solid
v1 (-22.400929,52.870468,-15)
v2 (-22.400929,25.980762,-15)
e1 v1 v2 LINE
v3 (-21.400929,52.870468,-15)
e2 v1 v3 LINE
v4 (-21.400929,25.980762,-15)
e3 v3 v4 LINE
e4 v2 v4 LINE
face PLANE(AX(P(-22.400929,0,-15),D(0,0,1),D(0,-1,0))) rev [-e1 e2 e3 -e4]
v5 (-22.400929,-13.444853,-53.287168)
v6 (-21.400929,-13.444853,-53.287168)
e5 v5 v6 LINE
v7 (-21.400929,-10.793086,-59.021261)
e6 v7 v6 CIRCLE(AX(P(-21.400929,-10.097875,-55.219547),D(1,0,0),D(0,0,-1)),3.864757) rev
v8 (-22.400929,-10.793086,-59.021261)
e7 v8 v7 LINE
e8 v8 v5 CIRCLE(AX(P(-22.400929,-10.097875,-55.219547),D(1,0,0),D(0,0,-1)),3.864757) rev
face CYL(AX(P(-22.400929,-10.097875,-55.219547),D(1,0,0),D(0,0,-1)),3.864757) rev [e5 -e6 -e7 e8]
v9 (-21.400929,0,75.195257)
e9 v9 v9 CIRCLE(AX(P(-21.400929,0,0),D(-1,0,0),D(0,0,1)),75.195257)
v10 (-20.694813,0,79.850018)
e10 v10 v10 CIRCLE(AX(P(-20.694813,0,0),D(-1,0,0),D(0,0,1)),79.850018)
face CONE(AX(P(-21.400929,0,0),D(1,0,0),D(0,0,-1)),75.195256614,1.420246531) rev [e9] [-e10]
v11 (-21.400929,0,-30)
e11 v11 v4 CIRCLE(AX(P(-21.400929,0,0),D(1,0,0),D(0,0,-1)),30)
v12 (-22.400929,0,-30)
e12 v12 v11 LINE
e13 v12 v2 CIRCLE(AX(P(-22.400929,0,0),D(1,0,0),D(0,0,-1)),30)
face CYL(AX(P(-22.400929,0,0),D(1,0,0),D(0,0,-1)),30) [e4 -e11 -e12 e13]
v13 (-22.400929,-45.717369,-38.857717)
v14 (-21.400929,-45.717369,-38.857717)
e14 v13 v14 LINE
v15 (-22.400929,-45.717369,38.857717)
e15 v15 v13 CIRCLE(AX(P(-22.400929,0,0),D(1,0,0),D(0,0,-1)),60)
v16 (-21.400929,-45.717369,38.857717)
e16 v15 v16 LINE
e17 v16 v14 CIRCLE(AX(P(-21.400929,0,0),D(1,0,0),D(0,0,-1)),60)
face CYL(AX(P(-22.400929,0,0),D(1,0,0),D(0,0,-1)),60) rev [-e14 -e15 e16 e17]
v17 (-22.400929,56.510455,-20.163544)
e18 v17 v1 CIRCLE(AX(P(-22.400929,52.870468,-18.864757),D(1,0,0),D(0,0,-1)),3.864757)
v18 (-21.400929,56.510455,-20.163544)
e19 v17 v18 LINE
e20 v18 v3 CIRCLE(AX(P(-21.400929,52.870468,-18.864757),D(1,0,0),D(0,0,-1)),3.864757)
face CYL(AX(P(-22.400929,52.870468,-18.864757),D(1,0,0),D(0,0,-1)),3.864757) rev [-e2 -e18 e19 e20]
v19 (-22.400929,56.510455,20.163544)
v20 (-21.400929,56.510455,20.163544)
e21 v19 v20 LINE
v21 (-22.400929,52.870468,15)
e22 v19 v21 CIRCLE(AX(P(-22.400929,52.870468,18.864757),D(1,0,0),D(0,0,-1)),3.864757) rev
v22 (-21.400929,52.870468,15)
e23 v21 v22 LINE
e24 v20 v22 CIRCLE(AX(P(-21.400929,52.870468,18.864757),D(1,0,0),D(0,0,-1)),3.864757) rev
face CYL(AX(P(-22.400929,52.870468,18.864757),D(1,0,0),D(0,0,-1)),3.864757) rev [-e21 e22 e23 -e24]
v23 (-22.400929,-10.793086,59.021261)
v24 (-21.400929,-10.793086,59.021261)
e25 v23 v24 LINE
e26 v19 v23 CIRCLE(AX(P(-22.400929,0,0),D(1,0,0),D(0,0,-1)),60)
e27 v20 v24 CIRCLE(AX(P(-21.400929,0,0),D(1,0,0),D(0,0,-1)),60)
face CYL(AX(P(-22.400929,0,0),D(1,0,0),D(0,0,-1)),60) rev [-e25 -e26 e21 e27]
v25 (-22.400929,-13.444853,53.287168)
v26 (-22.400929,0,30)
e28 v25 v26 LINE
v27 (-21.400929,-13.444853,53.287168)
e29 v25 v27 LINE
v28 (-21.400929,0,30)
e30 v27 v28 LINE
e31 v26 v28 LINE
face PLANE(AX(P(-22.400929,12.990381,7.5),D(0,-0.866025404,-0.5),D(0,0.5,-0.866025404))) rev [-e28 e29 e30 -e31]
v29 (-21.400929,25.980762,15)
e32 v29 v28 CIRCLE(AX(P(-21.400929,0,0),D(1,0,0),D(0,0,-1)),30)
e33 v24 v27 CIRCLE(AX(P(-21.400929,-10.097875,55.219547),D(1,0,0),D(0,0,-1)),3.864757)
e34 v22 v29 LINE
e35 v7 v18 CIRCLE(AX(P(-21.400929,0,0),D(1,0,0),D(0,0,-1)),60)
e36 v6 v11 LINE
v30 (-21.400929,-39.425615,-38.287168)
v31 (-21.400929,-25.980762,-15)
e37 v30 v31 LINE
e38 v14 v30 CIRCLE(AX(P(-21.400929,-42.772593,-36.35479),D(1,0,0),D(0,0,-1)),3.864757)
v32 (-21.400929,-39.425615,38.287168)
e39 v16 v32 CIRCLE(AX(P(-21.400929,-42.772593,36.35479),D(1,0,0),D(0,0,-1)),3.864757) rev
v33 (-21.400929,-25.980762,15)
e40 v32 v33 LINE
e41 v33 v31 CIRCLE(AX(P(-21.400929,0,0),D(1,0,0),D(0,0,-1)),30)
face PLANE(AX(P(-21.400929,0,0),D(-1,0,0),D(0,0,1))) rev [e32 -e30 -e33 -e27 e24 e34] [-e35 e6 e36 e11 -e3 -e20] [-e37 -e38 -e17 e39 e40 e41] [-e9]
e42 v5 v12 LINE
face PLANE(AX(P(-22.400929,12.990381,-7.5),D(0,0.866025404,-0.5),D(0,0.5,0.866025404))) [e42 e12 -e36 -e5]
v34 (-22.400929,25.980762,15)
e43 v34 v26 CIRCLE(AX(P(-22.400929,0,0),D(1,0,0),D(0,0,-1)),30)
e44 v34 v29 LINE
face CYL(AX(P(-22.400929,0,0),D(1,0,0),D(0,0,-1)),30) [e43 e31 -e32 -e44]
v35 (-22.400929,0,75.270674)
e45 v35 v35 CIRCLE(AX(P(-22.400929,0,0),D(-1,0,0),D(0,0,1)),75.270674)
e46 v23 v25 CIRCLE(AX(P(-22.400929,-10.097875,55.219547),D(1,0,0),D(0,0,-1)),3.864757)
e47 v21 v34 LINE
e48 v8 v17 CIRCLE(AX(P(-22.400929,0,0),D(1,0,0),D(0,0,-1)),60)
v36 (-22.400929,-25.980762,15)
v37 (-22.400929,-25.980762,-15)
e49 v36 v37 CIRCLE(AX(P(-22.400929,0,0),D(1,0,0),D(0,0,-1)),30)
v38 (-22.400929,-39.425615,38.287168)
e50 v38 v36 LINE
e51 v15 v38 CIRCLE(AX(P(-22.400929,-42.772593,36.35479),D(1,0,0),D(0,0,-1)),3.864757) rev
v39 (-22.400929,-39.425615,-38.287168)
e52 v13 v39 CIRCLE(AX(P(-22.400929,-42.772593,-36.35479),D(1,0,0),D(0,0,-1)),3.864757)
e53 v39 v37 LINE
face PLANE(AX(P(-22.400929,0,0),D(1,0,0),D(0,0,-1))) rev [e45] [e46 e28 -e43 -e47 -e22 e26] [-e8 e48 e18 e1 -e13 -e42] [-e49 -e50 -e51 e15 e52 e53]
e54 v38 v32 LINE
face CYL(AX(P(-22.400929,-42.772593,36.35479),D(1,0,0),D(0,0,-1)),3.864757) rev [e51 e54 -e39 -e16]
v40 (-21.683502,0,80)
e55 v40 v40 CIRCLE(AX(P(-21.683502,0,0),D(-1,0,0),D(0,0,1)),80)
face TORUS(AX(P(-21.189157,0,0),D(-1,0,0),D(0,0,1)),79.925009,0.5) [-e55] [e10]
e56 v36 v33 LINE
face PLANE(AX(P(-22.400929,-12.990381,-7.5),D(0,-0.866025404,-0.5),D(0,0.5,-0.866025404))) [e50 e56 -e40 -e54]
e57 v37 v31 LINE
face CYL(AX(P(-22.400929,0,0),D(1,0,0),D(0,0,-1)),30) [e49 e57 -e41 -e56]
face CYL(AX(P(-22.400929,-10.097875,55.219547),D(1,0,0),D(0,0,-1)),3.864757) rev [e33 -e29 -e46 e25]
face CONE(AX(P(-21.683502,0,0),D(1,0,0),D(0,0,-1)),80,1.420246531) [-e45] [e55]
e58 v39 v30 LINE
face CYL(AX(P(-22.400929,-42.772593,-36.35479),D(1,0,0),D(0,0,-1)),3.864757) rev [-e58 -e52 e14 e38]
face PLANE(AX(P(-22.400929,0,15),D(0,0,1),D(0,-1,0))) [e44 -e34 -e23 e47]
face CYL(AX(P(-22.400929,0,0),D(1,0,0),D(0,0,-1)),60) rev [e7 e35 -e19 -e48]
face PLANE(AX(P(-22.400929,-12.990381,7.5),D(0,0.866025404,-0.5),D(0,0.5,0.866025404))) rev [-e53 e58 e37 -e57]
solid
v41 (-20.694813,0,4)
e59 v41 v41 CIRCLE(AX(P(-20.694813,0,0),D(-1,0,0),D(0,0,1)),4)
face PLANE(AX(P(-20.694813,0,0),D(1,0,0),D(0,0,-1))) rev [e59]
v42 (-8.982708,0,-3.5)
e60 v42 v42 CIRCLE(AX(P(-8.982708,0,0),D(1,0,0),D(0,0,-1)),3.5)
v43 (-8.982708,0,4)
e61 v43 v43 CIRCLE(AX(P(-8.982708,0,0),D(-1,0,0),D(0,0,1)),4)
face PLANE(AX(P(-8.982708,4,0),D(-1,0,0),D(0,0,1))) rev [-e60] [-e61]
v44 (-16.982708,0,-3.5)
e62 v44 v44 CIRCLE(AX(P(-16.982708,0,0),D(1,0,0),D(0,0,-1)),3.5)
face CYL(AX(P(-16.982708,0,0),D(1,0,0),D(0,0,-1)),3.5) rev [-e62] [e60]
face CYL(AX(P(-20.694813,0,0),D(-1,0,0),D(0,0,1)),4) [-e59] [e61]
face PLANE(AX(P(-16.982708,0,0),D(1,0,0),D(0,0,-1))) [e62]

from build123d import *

# Parameters (mm, degrees)
CUT_EXTRUDE1_DEPTH = 114.74253479
SKETCH5_R          = 3.5
CUT_EXTRUDE2_DEPTH = 8


with BuildPart() as part:
    # Sketch1 → Revolve1 (revolve)
    with BuildSketch(Plane.XY, mode=Mode.PRIVATE) as revolve1_sk:
        with BuildLine():
            Line((-22.400929177, 0), (-22.400929177, 75.270674012))
            Line((-22.400929177, 75.270674012), (-21.683501684, 80))
            ThreePointArc((-21.683501684, 80), (-21.114166433, 80.419353518), (-20.694812916, 79.850018268))
            Line((-20.694812916, 79.850018268), (-21.400929177, 75.195256614))
            Line((-21.400929177, 75.195256614), (-21.400929177, 0))
            Line((-21.400929177, 0), (-22.400929177, 0))
        make_face()
    revolve(revolve1_sk.sketch.rotate(Axis((-22.400929177, 0, 0), (1, 0, 0)), 90), axis=Axis((-22.400929177, 0, 0), (1, 0, 0)))

    # Sketch2 → Cut-Extrude1 (cut, through all)
    with BuildSketch(Plane(origin=(-21.400929177, 0, 0), x_dir=(0, 0, -1), z_dir=(1, 0, 0))):
        with BuildLine():
            Line((-15, 25.980762114), (-15, 52.870468111))
            ThreePointArc((-15, 52.870468111), (-16.638004811, 56.029253081), (-20.163544097, 56.510454692))
            ThreePointArc((-20.163544097, 56.510454692), (-51.961524227, 30), (-59.021261391, -10.793085928))
            ThreePointArc((-59.021261391, -10.793085928), (-56.841758929, -13.605691706), (-53.287168494, -13.444852999))
            Line((-53.287168494, -13.444852999), (-30, 0))
            ThreePointArc((-30, 0), (-25.980762114, 15), (-15, 25.980762114))
        make_face()
        with BuildLine():
            ThreePointArc((15, -25.980762114), (0, -30), (-15, -25.980762114))
            Line((-15, -25.980762114), (-38.287168494, -39.425615112))
            ThreePointArc((-38.287168494, -39.425615112), (-40.203754118, -42.423561375), (-38.857717294, -45.717368764))
            ThreePointArc((-38.857717294, -45.717368764), (0, -60), (38.857717294, -45.717368764))
            ThreePointArc((38.857717294, -45.717368764), (40.203754118, -42.423561375), (38.287168494, -39.425615112))
            Line((38.287168494, -39.425615112), (15, -25.980762114))
        make_face()
        with BuildLine():
            Line((15, 52.870468111), (15, 25.980762114))
            ThreePointArc((15, 25.980762114), (25.980762114, 15), (30, 0))
            Line((30, 0), (53.287168494, -13.444852999))
            ThreePointArc((53.287168494, -13.444852999), (56.841758929, -13.605691706), (59.021261391, -10.793085928))
            ThreePointArc((59.021261391, -10.793085928), (51.961524227, 30), (20.163544097, 56.510454692))
            ThreePointArc((20.163544097, 56.510454692), (16.638004811, 56.029253081), (15, 52.870468111))
        make_face()
    extrude(amount=-CUT_EXTRUDE1_DEPTH, mode=Mode.SUBTRACT)


with BuildPart() as body_2:
    # Sketch4 → Revolve2 (revolve)
    with BuildSketch(Plane.XY, mode=Mode.PRIVATE) as revolve2_sk:
        Polygon((-18.982708488, 4), (-8.982708488, 4), (-8.982708488, 0), (-20.694812916, 0), (-20.694812916, 4), align=None)
    revolve(revolve2_sk.sketch.rotate(Axis((-20.694812916, 0, 0), (1, 0, 0)), 90), axis=Axis((-20.694812916, 0, 0), (1, 0, 0)))

    # Sketch5 → Cut-Extrude2 (cut)
    with BuildSketch(Plane(origin=(-8.982708488, 0, 0), x_dir=(0, 0, -1), z_dir=(1, 0, 0))):
        Circle(SKETCH5_R)
    extrude(amount=-CUT_EXTRUDE2_DEPTH, mode=Mode.SUBTRACT)


solid = Compound([part.part, body_2.part])
